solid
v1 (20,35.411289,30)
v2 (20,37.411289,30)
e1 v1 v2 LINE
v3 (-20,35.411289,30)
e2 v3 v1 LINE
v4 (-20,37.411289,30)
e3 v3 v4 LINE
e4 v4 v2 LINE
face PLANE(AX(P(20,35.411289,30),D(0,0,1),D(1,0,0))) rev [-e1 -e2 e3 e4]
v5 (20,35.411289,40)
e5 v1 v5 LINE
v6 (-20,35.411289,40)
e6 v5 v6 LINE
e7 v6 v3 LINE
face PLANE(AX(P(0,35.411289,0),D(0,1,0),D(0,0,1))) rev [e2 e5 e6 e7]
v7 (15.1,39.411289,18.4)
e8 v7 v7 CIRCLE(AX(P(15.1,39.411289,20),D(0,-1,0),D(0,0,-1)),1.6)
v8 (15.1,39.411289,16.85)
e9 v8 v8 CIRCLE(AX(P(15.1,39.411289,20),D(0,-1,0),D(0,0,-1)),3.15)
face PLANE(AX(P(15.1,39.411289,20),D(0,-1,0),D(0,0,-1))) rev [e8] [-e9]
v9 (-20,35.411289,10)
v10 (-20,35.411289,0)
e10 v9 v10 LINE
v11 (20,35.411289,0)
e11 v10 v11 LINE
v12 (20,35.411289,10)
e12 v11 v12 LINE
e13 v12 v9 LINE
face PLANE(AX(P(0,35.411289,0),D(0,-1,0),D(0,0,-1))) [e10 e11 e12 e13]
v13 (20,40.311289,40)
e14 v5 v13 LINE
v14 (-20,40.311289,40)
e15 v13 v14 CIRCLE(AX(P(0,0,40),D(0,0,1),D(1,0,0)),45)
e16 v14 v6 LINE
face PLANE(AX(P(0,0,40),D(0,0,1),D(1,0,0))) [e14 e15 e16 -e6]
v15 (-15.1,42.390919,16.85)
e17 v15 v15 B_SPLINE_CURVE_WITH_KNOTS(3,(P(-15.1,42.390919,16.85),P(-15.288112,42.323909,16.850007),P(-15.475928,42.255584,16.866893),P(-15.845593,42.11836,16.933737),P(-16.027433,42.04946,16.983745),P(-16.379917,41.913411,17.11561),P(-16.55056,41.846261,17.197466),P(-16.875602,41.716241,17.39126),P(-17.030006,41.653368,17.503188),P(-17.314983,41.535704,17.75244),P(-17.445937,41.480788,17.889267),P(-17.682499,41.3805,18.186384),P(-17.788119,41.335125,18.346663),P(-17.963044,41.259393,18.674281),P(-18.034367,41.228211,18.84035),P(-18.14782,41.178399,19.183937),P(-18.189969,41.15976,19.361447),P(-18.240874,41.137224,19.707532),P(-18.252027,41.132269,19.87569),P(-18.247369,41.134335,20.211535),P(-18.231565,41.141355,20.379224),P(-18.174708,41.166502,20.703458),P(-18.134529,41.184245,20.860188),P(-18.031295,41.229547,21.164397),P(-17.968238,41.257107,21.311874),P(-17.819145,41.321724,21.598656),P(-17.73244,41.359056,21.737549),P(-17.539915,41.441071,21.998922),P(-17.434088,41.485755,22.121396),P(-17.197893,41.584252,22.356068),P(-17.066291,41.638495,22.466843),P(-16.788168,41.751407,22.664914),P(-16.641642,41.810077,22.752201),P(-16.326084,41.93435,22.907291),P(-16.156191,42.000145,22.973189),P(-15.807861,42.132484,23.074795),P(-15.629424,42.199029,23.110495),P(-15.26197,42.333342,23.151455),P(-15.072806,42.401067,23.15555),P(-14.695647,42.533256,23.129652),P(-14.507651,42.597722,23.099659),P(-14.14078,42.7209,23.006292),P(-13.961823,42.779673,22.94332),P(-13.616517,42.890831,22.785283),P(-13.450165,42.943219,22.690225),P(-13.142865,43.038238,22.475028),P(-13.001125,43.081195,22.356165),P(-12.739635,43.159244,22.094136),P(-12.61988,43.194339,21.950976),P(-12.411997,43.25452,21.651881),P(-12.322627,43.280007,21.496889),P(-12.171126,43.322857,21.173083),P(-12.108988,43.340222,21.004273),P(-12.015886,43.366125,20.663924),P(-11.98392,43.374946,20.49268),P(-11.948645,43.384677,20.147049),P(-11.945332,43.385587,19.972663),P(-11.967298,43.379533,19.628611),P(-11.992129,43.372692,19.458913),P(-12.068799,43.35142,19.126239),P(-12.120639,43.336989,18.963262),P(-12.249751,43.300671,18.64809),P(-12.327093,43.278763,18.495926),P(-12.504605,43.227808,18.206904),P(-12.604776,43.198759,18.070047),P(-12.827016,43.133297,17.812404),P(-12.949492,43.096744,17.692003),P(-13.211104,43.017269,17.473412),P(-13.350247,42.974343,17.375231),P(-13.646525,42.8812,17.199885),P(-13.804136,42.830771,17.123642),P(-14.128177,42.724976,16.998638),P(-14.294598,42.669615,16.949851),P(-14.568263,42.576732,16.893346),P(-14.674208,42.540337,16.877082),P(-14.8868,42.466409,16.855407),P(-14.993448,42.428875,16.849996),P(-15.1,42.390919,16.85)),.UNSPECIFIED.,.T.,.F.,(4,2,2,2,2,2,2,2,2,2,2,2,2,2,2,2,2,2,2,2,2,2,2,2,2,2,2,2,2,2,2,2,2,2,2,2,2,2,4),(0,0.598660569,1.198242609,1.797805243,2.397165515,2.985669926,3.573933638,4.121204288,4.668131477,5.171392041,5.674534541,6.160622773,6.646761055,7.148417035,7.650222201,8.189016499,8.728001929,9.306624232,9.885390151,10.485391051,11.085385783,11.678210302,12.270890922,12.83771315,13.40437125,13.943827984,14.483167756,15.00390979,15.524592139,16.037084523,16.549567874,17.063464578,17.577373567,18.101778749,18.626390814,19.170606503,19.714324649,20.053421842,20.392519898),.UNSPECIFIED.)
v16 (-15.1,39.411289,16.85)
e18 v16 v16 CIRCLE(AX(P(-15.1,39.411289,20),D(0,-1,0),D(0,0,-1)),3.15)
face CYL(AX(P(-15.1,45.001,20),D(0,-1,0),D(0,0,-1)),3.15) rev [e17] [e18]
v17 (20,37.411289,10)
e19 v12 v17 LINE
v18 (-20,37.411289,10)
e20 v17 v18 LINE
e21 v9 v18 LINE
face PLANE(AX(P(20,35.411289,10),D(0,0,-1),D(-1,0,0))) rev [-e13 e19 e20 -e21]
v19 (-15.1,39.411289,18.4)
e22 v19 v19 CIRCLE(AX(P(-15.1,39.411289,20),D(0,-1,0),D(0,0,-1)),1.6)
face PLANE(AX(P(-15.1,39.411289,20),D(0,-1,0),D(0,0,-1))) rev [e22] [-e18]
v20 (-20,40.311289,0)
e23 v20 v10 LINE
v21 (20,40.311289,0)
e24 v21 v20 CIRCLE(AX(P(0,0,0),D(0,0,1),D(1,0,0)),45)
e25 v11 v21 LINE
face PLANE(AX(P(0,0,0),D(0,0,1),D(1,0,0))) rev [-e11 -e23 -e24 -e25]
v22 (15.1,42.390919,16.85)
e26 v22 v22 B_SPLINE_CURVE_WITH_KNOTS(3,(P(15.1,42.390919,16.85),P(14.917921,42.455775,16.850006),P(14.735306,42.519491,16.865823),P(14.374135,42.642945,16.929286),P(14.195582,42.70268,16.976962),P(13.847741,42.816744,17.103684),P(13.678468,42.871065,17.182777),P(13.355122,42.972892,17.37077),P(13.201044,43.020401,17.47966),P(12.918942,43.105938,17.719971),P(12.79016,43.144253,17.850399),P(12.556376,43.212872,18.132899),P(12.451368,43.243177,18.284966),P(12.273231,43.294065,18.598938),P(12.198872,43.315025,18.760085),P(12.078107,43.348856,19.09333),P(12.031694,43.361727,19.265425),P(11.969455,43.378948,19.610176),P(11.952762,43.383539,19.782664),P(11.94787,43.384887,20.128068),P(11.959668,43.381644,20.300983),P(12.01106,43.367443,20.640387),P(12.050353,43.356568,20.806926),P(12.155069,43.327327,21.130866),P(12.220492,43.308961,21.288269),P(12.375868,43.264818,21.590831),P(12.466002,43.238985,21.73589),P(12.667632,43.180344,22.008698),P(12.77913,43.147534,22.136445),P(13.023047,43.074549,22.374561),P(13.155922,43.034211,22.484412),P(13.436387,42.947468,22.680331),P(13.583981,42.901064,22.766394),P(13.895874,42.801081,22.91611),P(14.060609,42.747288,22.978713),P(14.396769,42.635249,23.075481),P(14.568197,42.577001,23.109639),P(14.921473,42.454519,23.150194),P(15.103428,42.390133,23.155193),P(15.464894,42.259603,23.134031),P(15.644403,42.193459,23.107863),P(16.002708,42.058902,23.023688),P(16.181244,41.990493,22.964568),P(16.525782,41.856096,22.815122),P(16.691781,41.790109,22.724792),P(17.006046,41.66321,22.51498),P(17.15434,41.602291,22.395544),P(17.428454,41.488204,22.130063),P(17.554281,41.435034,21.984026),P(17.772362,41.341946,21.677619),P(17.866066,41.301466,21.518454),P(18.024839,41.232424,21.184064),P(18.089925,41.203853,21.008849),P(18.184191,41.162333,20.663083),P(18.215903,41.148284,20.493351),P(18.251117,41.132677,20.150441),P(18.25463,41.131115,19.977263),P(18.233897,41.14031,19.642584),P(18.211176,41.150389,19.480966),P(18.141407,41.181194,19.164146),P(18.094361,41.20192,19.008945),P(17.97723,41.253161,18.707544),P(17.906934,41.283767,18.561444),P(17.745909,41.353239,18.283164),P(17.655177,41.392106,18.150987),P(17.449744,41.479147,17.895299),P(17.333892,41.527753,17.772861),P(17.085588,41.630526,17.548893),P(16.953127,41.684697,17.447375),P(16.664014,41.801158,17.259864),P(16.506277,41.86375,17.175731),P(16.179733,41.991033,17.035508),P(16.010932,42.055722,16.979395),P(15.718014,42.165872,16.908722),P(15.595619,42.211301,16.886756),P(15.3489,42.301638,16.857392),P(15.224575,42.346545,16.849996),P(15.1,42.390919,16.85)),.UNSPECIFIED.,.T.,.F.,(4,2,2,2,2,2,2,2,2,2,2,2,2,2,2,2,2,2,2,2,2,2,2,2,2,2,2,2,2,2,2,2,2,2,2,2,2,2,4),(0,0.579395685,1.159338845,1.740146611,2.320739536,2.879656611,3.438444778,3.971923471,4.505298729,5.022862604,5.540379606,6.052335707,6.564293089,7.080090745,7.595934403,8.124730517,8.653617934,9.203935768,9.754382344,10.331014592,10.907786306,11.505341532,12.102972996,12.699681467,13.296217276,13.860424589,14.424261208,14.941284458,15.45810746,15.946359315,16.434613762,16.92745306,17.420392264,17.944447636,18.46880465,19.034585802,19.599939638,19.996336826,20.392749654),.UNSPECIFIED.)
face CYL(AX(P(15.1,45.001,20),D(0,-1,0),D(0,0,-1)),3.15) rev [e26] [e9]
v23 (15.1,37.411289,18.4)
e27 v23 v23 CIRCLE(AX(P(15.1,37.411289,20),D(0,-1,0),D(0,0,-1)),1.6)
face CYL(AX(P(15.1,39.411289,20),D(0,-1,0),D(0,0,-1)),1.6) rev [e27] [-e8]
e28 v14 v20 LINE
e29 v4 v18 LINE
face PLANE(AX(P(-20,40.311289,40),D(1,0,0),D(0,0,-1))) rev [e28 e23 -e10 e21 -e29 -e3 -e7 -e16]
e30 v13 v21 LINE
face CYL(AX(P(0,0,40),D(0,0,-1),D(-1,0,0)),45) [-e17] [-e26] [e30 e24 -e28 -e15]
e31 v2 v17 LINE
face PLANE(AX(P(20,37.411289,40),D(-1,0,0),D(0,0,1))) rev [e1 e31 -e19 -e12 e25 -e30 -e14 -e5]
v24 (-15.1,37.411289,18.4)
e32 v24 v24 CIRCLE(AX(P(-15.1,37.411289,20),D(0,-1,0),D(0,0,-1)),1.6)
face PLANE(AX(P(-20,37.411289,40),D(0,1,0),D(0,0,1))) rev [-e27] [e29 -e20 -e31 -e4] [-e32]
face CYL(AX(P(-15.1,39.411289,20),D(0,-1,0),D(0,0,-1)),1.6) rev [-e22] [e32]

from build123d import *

# Parameters (mm, degrees)
RESSALTO_EXTRUS_O1_DEPTH   = 40
ESBO_O2_R                  = 1.6
CORTE_EXTRUS_O1_DEPTH      = 2
CORTE_EXTRUS_O2_REACH      = 47.069
CORTE_EXTRUS_O2_END_RADIUS = 45
ESBO_O3_R                  = 3.15
ESBO_O4_W                  = 40
ESBO_O4_H                  = 10
RESSALTO_EXTRUS_O2_DEPTH   = 2


with BuildPart() as part:
    # Esboço1 → Ressalto-extrusão1 (new body)
    with BuildSketch(Plane.XY):
        with BuildLine():
            Line((-20, 40.311288741), (-20, 37.411288741))
            Line((-20, 37.411288741), (20, 37.411288741))
            Line((20, 37.411288741), (20, 40.311288741))
            ThreePointArc((20, 40.311288741), (0, 45), (-20, 40.311288741))
        make_face()
    extrude(amount=RESSALTO_EXTRUS_O1_DEPTH)

    # Esboço2 → Corte-extrusão1 (cut)
    with BuildSketch(Plane.XZ.offset(-37.411288741)):
        with Locations(Location((15.1, 20, 0), (0, 0, 270))):
            Circle(ESBO_O2_R)
        with Locations(Location((-15.1, 20, 0), (0, 0, 270))):
            Circle(ESBO_O2_R)
    extrude(amount=-CORTE_EXTRUS_O1_DEPTH, mode=Mode.SUBTRACT)

    # Corte-extrusão2: up to this cylinder (the profile starts inside it)
    corte_extrus_o2_end = Plane(origin=(0, 0, 20), z_dir=(0, 0, -1)) * Cylinder(CORTE_EXTRUS_O2_END_RADIUS, 185.138, mode=Mode.PRIVATE)
    # Esboço3 → Corte-extrusão2 (cut, up to the surface)
    with BuildSketch(Plane.XZ.offset(-39.411288741), mode=Mode.PRIVATE) as corte_extrus_o2_sk1:
        with Locations(Location((15.1, 20, 0), (0, 0, 270))):
            Circle(ESBO_O3_R)
    corte_extrus_o2_tool1 = extrude(corte_extrus_o2_sk1.sketch, amount=-CORTE_EXTRUS_O2_REACH, mode=Mode.PRIVATE) & corte_extrus_o2_end
    add(corte_extrus_o2_tool1.solids().sort_by_distance((15.1, 39.411289, 20))[0], mode=Mode.SUBTRACT)
    # Esboço3 → Corte-extrusão2 (cut, up to the surface)
    with BuildSketch(Plane.XZ.offset(-39.411288741), mode=Mode.PRIVATE) as corte_extrus_o2_sk2:
        with Locations(Location((-15.1, 20, 0), (0, 0, 270))):
            Circle(ESBO_O3_R)
    corte_extrus_o2_tool2 = extrude(corte_extrus_o2_sk2.sketch, amount=-CORTE_EXTRUS_O2_REACH, mode=Mode.PRIVATE) & corte_extrus_o2_end
    add(corte_extrus_o2_tool2.solids().sort_by_distance((-15.1, 39.411289, 20))[0], mode=Mode.SUBTRACT)

    # Esboço4 → Ressalto-extrusão2 (add)
    with BuildSketch(Plane.XZ.offset(-37.411288741)):
        with Locations((0, 35)):
            Rectangle(ESBO_O4_W, ESBO_O4_H)
        with Locations((0, 5)):
            Rectangle(ESBO_O4_W, ESBO_O4_H)
    extrude(amount=RESSALTO_EXTRUS_O2_DEPTH)


solid = part.part
